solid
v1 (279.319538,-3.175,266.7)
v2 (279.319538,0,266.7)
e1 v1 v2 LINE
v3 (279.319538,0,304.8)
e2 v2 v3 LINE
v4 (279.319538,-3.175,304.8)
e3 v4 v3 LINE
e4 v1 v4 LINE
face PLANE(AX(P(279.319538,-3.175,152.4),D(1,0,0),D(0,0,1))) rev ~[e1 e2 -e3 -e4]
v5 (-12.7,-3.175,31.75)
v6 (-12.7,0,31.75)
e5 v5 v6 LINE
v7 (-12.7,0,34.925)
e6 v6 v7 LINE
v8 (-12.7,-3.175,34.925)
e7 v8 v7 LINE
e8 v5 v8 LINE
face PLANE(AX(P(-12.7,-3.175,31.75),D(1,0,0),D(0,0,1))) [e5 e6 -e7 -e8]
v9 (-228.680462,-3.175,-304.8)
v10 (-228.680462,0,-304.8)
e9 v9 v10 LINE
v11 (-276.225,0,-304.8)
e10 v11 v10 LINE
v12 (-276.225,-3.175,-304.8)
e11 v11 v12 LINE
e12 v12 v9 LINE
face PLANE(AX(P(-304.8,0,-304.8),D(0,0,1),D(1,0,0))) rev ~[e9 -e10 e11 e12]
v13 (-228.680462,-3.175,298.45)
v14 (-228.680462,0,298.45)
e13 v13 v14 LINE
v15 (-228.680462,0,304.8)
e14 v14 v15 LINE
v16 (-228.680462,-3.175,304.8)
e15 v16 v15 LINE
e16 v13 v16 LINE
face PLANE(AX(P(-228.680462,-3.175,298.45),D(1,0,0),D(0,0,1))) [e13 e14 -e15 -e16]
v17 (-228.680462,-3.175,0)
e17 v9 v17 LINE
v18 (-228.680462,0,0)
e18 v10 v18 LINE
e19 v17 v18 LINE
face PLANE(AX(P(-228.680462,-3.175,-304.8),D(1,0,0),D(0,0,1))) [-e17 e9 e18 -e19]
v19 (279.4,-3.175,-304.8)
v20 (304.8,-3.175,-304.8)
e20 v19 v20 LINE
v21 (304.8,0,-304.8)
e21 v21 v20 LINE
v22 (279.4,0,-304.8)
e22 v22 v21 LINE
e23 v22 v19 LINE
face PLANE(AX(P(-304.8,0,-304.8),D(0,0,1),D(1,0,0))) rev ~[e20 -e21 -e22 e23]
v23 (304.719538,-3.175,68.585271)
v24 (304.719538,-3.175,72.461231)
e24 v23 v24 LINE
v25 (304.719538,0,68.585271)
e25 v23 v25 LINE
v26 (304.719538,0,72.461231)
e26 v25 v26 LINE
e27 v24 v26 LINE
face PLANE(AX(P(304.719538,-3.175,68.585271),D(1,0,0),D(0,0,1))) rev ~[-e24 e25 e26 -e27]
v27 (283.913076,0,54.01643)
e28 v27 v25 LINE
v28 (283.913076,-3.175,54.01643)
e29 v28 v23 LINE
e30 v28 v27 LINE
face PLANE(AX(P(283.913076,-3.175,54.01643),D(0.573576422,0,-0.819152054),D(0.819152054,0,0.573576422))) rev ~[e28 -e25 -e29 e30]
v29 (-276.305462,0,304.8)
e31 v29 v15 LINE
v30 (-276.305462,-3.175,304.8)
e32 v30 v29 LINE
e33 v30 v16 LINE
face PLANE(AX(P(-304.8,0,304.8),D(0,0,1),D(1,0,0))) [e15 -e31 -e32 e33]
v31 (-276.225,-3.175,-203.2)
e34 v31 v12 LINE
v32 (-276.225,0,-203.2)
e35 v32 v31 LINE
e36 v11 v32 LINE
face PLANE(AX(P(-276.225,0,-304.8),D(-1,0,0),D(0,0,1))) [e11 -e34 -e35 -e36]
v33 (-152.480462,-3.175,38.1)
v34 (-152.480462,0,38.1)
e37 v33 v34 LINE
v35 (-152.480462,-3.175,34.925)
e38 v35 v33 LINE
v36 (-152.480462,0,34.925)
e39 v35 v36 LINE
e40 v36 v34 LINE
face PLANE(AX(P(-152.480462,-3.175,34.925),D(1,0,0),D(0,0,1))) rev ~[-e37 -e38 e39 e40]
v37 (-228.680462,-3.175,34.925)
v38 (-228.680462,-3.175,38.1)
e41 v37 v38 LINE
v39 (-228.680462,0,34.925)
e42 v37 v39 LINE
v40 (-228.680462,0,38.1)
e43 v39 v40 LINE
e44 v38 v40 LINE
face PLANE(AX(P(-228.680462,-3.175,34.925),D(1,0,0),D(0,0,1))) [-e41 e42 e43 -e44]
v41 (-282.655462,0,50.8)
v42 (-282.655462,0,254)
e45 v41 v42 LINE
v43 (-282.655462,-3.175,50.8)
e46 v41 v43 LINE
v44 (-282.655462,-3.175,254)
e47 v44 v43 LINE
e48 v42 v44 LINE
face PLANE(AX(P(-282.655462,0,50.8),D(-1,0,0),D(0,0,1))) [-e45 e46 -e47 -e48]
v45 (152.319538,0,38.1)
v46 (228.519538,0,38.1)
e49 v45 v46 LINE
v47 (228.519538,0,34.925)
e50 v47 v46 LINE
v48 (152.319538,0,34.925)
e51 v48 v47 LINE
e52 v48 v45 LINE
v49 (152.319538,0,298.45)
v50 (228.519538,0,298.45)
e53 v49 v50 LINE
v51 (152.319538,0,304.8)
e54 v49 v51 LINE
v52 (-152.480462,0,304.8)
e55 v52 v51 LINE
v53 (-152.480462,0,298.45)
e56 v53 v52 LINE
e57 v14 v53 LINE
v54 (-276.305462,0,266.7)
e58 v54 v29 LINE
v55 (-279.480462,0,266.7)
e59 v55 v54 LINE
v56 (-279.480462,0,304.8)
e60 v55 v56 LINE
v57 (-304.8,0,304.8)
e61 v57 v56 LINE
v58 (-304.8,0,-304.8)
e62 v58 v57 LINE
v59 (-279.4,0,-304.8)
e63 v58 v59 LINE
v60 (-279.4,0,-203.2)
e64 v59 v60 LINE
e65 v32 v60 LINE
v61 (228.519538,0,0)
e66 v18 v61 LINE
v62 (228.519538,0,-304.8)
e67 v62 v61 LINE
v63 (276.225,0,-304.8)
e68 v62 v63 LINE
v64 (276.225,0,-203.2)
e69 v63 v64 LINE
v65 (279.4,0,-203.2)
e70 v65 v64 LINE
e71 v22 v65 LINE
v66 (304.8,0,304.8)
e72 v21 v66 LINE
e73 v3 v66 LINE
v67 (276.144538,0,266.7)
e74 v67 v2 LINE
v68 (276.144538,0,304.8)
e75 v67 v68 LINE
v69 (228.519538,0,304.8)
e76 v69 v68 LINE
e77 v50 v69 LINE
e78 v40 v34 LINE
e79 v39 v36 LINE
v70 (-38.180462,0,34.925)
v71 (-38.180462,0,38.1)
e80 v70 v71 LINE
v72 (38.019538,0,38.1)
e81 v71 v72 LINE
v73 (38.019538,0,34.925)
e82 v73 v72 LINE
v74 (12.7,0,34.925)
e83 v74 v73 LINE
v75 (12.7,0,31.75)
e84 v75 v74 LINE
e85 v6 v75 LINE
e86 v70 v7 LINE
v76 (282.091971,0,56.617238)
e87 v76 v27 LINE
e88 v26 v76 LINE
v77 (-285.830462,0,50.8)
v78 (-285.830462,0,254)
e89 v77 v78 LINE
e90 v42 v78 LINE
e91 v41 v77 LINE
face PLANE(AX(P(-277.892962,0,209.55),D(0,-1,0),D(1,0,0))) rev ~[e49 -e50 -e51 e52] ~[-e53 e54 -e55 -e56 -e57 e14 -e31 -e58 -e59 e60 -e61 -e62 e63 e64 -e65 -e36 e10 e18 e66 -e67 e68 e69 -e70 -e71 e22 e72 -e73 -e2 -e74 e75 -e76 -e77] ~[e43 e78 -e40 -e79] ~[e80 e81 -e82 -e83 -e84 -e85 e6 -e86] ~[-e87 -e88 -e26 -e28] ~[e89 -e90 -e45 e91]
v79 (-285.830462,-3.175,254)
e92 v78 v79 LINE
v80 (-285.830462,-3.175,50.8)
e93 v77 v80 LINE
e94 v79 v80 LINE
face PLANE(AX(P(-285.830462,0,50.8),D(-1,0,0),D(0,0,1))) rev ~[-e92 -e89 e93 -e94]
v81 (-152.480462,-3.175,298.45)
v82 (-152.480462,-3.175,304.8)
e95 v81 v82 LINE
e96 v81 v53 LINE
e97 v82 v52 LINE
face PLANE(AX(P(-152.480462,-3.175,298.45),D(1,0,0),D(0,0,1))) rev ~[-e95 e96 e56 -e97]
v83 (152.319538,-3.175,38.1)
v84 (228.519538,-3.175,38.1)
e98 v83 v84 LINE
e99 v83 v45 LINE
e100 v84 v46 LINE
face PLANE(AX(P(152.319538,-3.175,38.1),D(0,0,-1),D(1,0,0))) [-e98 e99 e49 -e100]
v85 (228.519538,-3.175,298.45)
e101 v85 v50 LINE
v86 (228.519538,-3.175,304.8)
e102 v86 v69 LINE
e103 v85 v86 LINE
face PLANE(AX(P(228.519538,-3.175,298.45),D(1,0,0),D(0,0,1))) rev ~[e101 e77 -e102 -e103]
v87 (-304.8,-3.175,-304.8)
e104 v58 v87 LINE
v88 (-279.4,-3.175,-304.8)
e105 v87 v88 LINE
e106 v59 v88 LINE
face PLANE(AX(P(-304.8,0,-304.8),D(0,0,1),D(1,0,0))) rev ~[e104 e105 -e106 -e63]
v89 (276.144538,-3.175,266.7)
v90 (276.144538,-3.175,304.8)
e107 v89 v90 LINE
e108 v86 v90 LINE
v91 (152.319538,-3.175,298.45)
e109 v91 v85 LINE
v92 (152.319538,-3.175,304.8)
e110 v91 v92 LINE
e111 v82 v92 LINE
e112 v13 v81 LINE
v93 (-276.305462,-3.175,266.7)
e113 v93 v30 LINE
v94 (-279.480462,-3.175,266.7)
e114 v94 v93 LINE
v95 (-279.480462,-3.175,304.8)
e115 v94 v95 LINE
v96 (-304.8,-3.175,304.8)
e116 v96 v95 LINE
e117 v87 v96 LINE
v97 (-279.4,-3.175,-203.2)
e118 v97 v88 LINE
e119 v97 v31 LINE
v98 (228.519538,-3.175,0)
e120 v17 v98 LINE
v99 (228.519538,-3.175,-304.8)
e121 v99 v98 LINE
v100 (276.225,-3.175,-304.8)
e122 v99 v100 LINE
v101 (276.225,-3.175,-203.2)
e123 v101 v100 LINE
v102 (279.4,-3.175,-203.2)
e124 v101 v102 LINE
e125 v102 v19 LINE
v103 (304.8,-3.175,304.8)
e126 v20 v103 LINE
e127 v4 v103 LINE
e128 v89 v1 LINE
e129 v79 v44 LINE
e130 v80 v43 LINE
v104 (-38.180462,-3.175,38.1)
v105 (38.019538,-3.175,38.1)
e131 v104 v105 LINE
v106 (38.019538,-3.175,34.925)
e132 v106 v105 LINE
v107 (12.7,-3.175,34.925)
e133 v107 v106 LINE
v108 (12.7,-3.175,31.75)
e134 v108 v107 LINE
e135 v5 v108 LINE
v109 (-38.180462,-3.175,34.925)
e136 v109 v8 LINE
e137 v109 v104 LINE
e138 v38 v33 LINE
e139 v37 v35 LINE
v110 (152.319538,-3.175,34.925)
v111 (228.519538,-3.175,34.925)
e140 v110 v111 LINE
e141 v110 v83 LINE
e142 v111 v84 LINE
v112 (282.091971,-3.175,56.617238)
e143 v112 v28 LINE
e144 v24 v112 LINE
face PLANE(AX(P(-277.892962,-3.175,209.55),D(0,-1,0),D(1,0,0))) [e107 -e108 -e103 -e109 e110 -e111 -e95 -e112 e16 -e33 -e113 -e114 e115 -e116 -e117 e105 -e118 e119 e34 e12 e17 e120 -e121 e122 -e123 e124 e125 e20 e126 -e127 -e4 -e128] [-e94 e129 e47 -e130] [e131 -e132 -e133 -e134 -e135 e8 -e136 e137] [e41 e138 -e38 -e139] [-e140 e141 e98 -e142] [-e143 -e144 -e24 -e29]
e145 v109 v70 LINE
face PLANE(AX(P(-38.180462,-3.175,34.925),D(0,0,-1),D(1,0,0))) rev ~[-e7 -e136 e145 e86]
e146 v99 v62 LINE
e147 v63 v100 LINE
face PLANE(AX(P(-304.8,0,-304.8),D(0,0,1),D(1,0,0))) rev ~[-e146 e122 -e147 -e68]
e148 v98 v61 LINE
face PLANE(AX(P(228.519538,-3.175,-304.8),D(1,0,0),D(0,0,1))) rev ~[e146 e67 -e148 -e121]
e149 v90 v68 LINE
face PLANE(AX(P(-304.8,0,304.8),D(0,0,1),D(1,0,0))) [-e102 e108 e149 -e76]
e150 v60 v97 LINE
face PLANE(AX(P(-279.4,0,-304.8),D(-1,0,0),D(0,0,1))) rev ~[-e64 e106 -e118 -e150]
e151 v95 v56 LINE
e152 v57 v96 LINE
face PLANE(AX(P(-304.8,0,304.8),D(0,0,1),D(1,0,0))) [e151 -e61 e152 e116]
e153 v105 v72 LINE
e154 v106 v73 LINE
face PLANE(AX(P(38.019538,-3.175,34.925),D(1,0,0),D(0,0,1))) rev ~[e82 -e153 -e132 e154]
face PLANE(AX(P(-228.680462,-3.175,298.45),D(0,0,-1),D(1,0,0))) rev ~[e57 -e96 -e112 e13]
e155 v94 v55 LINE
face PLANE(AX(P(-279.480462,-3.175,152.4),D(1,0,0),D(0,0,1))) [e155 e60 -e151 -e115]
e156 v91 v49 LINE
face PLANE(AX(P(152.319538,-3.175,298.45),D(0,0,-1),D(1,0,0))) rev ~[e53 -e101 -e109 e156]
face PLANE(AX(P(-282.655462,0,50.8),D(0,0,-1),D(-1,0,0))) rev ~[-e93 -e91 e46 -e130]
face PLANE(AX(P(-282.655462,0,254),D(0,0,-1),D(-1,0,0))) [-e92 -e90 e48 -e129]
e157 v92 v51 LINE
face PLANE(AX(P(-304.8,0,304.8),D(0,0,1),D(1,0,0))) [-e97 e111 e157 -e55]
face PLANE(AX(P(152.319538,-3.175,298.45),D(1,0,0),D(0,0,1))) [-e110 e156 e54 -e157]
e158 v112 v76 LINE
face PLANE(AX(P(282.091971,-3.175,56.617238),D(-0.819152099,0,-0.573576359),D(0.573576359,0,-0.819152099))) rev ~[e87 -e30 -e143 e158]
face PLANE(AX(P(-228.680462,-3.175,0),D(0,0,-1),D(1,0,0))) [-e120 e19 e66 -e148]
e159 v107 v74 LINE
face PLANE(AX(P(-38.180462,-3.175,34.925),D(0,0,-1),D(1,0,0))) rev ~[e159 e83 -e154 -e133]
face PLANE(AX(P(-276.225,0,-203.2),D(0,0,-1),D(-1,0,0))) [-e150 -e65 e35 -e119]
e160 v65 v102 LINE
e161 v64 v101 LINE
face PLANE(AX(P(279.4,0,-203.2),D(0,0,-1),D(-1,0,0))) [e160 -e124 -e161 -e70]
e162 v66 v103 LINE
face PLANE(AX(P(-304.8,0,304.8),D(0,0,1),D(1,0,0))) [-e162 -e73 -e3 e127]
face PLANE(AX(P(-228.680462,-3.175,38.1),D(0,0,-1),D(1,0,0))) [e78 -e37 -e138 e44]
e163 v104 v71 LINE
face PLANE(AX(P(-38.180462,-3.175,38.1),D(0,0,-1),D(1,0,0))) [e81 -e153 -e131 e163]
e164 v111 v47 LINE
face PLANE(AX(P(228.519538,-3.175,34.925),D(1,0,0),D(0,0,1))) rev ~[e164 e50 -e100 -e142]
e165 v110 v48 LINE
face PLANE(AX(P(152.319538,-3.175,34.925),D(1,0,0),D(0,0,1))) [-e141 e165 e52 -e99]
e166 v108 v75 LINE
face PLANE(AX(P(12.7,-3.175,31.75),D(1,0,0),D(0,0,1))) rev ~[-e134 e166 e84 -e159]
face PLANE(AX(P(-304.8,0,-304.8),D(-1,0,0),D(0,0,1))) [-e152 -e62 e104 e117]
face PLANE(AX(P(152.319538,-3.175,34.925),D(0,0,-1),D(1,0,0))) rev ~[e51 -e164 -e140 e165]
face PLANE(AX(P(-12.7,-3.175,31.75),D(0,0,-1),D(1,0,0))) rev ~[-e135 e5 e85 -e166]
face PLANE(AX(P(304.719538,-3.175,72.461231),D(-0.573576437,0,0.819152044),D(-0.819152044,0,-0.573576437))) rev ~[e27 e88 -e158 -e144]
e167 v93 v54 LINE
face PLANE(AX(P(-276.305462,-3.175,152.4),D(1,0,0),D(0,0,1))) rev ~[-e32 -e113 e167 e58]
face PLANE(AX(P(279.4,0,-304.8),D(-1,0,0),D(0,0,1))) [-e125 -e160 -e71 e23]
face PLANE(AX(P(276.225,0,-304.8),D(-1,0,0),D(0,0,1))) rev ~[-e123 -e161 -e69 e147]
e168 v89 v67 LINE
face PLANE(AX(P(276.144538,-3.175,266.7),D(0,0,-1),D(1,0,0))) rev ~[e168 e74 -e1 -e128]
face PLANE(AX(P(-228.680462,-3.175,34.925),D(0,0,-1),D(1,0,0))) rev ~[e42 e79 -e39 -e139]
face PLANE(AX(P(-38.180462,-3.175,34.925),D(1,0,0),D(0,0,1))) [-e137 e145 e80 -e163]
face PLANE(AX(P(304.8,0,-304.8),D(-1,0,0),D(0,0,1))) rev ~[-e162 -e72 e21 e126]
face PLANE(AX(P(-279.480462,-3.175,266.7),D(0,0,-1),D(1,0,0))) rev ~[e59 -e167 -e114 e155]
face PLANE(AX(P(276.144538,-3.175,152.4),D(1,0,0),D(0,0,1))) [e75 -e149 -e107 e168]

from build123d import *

# Parameters (mm, degrees)
F0_W      = 609.6
F0_H      = 609.6
F1_DEPTH  = 3.175
F2_W      = 457.2
F2_H      = 304.8
F2_W_2    = 3.175
F2_H_2    = 152.4
F2_W_3    = 76.2
F2_H_3    = 3.175
F2_H_4    = 6.35
F3_DEPTH  = 3.176
F4_W      = 3.175
F4_H      = 101.6
F5_DEPTH  = 3.176
F6_W      = 3.175
F6_H      = 203.2
F7_DEPTH  = 3.176
F8_W      = 25.4
F8_H      = 3.175
F9_DEPTH  = 25.4
F10_W     = 3.175
F10_H     = 114.3
F11_DEPTH = 3.175


with BuildPart() as f1:
    # F0 (on Front) → F1 (new body)
    with BuildSketch(Plane.XZ):
        Rectangle(F0_W, F0_H)
    extrude(amount=F1_DEPTH)

    # F2 (on face) → F3 (cut, through all)
    with BuildSketch(Plane.XZ.offset(3.175)):
        with Locations((-0.080462, -152.4)):
            Rectangle(F2_W, F2_H)
        with Locations((-277.892962, 228.6)):
            Rectangle(F2_W_2, F2_H_2)
        with Locations((277.732038, 228.6)):
            Rectangle(F2_W_2, F2_H_2)
        Polygon((283.913076, 54.01643), (304.719538, 68.585271), (304.719538, 72.461231), (282.091971, 56.617238), align=None)
        with Locations((-190.580462, 36.5125)):
            Rectangle(F2_W_3, F2_H_3)
        with Locations((-0.080462, 36.5125)):
            Rectangle(F2_W_3, F2_H_3)
        with Locations((190.419538, 36.5125)):
            Rectangle(F2_W_3, F2_H_3)
        with Locations((-190.580462, 301.625)):
            Rectangle(F2_W_3, F2_H_4)
        with Locations((190.419538, 301.625)):
            Rectangle(F2_W_3, F2_H_4)
    extrude(amount=-F3_DEPTH, mode=Mode.SUBTRACT)

    # F4 (on face) → F5 (cut, through all)
    with BuildSketch(Plane(origin=(0, 0, 0), x_dir=(-1, 0, 0), z_dir=(0, 1, 0))):
        with Locations((-277.8125, -254)):
            Rectangle(F4_W, F4_H)
        with Locations((277.8125, -254)):
            Rectangle(F4_W, F4_H)
    extrude(amount=-F5_DEPTH, mode=Mode.SUBTRACT)

    # F6 (on face) → F7 (cut, through all)
    with BuildSketch(Plane(origin=(0, 0, 0), x_dir=(-1, 0, 0), z_dir=(0, 1, 0))):
        with Locations((284.242962, 152.4)):
            Rectangle(F6_W, F6_H)
    extrude(amount=-F7_DEPTH, mode=Mode.SUBTRACT)

    # F8 (on face) → F9 (cut)
    with BuildSketch(Plane.XZ.offset(3.175)):
        with Locations((0, 33.3375)):
            Rectangle(F8_W, F8_H)
    extrude(amount=-F9_DEPTH, mode=Mode.SUBTRACT)

    # F10 (on face) → F11 (join)
    with BuildSketch(Plane.XZ.offset(3.175)):
        with Locations((-277.892962, 209.55)):
            Rectangle(F10_W, F10_H)
        with Locations((277.732038, 209.55)):
            Rectangle(F10_W, F10_H)
    extrude(amount=-F11_DEPTH)


solid = f1.part
